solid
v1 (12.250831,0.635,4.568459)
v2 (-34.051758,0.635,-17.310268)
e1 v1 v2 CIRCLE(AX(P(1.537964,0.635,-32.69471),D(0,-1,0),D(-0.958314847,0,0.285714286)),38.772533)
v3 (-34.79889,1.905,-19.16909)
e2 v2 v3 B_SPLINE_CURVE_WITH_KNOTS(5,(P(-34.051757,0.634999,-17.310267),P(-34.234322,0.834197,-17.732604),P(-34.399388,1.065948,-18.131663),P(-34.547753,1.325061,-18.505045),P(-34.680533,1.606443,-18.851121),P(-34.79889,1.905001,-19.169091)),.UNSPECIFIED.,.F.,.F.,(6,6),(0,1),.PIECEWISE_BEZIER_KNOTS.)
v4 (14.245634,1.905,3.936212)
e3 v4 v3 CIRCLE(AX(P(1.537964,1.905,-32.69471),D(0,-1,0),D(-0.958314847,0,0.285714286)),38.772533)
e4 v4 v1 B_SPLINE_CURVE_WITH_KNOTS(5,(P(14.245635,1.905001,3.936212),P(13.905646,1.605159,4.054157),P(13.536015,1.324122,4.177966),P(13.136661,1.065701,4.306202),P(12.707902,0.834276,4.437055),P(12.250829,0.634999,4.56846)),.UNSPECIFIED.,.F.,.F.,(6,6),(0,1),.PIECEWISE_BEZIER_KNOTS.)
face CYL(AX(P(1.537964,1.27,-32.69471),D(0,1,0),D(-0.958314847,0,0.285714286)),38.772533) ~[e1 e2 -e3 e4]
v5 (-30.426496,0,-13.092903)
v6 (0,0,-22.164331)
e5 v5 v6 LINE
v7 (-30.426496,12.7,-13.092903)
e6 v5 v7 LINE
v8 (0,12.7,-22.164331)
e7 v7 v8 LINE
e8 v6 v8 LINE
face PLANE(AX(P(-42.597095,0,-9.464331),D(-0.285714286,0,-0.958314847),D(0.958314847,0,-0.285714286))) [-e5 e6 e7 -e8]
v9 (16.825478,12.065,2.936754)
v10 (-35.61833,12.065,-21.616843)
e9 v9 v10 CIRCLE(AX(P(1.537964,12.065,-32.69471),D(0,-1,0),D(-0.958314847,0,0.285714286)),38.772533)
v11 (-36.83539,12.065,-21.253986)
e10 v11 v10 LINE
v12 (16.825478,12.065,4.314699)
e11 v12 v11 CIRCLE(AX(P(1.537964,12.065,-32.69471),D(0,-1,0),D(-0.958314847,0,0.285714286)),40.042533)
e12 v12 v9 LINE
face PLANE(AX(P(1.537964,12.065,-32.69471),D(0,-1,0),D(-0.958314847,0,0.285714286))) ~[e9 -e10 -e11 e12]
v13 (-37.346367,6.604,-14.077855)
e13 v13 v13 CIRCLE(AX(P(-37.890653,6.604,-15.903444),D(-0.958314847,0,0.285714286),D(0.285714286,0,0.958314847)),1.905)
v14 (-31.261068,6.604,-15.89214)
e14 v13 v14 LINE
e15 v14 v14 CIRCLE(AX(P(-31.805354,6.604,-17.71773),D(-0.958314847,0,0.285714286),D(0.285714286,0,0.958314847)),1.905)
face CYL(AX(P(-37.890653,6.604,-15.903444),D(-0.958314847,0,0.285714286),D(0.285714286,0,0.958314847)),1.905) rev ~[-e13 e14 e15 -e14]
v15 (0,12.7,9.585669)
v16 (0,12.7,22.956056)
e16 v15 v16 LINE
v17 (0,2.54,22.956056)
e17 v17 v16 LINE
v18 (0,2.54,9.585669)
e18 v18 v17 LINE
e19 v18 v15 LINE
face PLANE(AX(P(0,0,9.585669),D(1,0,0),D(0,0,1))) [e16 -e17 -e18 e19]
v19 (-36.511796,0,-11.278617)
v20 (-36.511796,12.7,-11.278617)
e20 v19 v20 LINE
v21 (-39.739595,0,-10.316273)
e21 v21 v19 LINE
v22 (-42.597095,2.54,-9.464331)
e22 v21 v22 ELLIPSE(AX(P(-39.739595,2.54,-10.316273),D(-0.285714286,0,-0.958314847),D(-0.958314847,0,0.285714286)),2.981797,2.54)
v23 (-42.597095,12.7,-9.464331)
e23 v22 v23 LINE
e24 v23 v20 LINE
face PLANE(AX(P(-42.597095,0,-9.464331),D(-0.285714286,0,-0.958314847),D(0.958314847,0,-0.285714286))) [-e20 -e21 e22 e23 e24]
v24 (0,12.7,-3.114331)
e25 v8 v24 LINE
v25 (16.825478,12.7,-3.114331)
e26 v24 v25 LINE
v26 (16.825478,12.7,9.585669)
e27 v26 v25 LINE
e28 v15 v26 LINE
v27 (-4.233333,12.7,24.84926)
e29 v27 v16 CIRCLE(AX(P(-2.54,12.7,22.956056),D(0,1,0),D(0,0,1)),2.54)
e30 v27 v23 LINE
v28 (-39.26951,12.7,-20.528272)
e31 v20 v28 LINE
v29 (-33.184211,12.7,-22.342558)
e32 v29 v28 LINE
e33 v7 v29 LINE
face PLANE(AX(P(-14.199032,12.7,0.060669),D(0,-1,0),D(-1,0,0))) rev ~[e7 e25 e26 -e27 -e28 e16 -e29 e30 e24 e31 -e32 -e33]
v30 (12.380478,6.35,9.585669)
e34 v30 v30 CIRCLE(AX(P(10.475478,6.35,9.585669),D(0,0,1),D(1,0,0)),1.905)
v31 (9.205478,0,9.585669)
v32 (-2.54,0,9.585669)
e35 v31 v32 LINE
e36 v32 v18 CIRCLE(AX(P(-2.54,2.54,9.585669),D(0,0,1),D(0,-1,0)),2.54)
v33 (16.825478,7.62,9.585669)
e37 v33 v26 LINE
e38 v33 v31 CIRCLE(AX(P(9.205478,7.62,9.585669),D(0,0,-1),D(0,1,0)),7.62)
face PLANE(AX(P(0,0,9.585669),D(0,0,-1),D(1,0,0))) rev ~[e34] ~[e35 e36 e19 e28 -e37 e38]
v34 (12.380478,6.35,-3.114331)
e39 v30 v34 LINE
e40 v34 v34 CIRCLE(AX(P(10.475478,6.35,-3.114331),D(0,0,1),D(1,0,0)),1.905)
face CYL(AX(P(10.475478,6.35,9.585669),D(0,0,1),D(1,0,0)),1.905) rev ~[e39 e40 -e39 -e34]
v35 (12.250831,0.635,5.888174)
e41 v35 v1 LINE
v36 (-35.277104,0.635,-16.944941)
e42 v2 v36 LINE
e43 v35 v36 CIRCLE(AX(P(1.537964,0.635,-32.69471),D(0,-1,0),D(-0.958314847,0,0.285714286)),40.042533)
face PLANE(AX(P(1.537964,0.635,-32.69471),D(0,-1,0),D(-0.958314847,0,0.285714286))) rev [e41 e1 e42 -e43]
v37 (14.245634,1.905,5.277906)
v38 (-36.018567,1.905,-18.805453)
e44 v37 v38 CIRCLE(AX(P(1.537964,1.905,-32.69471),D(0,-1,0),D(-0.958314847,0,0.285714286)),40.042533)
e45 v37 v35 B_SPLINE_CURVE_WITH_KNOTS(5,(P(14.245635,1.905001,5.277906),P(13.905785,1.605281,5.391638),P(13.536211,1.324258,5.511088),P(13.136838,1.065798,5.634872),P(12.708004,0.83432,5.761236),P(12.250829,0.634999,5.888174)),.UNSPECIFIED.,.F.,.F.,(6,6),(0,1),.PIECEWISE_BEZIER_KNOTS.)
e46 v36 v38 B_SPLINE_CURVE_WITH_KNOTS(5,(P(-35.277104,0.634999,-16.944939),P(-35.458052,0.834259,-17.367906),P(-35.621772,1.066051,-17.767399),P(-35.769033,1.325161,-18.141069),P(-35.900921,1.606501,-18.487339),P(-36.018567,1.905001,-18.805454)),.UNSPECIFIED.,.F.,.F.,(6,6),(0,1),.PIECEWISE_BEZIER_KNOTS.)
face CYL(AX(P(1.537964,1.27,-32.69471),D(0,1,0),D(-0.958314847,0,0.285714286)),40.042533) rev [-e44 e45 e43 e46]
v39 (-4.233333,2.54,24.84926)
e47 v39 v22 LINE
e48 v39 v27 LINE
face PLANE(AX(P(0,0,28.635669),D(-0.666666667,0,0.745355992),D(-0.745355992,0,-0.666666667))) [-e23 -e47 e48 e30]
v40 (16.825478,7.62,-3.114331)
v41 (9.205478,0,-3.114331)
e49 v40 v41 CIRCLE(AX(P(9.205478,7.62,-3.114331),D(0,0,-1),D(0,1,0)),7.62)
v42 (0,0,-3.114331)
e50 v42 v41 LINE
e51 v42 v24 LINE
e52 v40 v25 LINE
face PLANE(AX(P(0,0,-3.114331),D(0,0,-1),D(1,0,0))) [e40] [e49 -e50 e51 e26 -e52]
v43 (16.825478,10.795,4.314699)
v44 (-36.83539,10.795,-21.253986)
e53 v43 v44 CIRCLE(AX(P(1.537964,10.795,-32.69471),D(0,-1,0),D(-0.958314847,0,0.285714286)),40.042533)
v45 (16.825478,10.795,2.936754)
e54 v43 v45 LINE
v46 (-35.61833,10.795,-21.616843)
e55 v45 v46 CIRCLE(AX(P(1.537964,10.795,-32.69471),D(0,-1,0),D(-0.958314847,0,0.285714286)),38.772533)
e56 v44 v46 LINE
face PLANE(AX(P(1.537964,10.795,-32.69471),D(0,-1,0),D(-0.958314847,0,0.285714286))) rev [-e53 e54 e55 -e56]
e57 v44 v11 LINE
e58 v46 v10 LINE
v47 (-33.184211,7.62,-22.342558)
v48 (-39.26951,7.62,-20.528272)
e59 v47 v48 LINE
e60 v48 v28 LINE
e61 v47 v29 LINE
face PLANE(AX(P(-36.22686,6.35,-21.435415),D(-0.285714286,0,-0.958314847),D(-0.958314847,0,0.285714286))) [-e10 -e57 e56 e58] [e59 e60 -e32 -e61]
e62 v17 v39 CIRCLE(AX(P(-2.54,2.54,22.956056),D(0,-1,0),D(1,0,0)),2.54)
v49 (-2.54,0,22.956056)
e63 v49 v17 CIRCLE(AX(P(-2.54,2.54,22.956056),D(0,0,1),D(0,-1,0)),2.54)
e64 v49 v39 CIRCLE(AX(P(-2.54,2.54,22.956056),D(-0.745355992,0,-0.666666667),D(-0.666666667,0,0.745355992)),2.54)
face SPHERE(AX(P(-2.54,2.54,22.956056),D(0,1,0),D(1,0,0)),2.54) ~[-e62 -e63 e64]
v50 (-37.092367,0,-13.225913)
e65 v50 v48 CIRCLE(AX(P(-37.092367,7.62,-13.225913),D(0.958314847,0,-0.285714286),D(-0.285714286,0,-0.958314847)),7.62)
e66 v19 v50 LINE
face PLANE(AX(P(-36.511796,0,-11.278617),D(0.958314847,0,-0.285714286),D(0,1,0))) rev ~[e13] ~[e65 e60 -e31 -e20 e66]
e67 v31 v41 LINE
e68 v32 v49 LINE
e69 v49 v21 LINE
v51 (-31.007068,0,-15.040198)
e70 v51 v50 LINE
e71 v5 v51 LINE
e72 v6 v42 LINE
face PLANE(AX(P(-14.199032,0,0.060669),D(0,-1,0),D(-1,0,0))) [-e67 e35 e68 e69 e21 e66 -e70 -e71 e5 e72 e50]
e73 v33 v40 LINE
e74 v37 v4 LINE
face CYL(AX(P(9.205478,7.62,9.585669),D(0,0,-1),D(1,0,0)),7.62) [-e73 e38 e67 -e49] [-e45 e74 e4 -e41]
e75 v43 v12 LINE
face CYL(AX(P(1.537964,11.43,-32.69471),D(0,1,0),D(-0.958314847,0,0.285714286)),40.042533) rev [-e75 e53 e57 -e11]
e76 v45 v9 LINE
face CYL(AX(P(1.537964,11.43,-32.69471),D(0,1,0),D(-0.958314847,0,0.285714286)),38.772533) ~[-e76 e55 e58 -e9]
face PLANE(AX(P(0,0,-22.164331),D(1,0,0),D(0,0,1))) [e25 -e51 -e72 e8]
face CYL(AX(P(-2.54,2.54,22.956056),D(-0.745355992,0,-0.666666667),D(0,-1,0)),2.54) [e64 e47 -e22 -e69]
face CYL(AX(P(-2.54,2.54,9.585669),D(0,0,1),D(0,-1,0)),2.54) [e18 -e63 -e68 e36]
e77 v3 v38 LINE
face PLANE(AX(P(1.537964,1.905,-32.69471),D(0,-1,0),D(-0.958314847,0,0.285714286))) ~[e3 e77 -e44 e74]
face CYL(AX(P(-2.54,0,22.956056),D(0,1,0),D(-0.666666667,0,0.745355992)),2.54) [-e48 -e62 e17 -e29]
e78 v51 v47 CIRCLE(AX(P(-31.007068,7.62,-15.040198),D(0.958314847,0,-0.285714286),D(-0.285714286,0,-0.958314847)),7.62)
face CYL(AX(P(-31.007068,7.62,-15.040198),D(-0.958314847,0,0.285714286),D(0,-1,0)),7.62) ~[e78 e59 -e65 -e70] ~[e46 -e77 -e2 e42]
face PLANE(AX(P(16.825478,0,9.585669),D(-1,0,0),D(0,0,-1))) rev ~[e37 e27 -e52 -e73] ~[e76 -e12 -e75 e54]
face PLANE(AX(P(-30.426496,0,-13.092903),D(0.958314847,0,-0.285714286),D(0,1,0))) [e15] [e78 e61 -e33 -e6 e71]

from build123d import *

# Parameters (mm, degrees)
SKETCH1_W           = 16.825477707
SKETCH1_H           = 12.7
BOSS_EXTRUDE1_DEPTH = 12.7
FILLET1_R           = 7.62
SKETCH2_R           = 1.905
CUT_EXTRUDE1_DEPTH  = 12.7
SKETCH3_W           = 6.35
SKETCH3_H           = 12.7
BOSS_EXTRUDE2_DEPTH = 9.652
FILLET2_R           = 7.62
SKETCH4_R           = 1.905
CUT_EXTRUDE2_DEPTH  = 12.7
FILLET3_R           = 2.54
SKETCH5_W           = 1.27
SKETCH5_H           = 1.27
FILLET4_R           = 2.54


with BuildPart() as part:
    # Sketch1 → Boss-Extrude1 (new body)
    with BuildSketch(Plane(origin=(0, 0, 0), x_dir=(1, 0, 0), z_dir=(0, 1, 0))):
        Polygon((-42.597094971, 9.46433121), (0, 22.16433121), (0, -28.63566879), align=None)
        with Locations((8.412738854, -3.23566879)):
            Rectangle(SKETCH1_W, SKETCH1_H)
    extrude(amount=BOSS_EXTRUDE1_DEPTH)

    # Fillet1
    fillet1_edges = [part.edges().sort_by_distance(p)[0] for p in [
        (16.825477707, 0, 3.23566879),
    ]]
    fillet(fillet1_edges, radius=FILLET1_R)

    # Sketch2 → Cut-Extrude1 (cut)
    with BuildSketch(Plane.XY.offset(9.58566879)):
        with Locations((10.475477707, 6.35)):
            Circle(SKETCH2_R)
    extrude(amount=-CUT_EXTRUDE1_DEPTH, mode=Mode.SUBTRACT)

    # Sketch3 → Boss-Extrude2 (add)
    with BuildSketch(Plane(origin=(-6.06868791, 0, -20.35499805), x_dir=(-0.9583148474999098, 0, 0.2857142857142858), z_dir=(-0.2857142857142858, 0, -0.9583148474999098))):
        with Locations((28.59233394, 6.35)):
            Rectangle(SKETCH3_W, SKETCH3_H)
    extrude(amount=BOSS_EXTRUDE2_DEPTH)

    # Fillet2
    fillet2_edges = [part.edges().sort_by_distance(p)[0] for p in [
        (-36.226860335, 0, -21.43541469),
    ]]
    fillet(fillet2_edges, radius=FILLET2_R)

    # Sketch4 → Cut-Extrude2 (cut)
    with BuildSketch(Plane(origin=(-30.44310778, 0, 9.076381126), x_dir=(0.2857142857142858, 0, 0.9583148474999098), z_dir=(-0.9583148474999098, 0, 0.2857142857142858))):
        with Locations((-26.066407684, 6.604)):
            Circle(SKETCH4_R)
    extrude(amount=-CUT_EXTRUDE2_DEPTH, mode=Mode.SUBTRACT)

    # Fillet3
    fillet3_edges = [part.edges().sort_by_distance(p)[0] for p in [
        (0, 6.35, 28.63566879),
    ]]
    fillet(fillet3_edges, radius=FILLET3_R)

    # Sketch5 → Cut-Revolve1 (revolve, cut)
    with BuildSketch(Plane(origin=(-8.826402195, 0, -29.604652958), x_dir=(-0.9583148474999099, 0, 0.28571428571428553), z_dir=(-0.28571428571428553, 0, -0.9583148474999099))):
        with Locations((28.59233394, 11.43)):
            Rectangle(SKETCH5_W, SKETCH5_H)
        with Locations((28.59233394, 1.27)):
            Rectangle(SKETCH5_W, SKETCH5_H)
    revolve(axis=Axis((1.537963556, 18.050379457, -32.694709807), (0, -1, 0)), mode=Mode.SUBTRACT)

    # Fillet4
    fillet4_edges = [part.edges().sort_by_distance(p)[0] for p in [
        (0, 0, 16.270862458),
        (-23.415214152, 0, 7.692464569),
        (-1.503049342, 0, 25.274748287),
    ]]
    fillet(fillet4_edges, radius=FILLET4_R)


solid = part.part
